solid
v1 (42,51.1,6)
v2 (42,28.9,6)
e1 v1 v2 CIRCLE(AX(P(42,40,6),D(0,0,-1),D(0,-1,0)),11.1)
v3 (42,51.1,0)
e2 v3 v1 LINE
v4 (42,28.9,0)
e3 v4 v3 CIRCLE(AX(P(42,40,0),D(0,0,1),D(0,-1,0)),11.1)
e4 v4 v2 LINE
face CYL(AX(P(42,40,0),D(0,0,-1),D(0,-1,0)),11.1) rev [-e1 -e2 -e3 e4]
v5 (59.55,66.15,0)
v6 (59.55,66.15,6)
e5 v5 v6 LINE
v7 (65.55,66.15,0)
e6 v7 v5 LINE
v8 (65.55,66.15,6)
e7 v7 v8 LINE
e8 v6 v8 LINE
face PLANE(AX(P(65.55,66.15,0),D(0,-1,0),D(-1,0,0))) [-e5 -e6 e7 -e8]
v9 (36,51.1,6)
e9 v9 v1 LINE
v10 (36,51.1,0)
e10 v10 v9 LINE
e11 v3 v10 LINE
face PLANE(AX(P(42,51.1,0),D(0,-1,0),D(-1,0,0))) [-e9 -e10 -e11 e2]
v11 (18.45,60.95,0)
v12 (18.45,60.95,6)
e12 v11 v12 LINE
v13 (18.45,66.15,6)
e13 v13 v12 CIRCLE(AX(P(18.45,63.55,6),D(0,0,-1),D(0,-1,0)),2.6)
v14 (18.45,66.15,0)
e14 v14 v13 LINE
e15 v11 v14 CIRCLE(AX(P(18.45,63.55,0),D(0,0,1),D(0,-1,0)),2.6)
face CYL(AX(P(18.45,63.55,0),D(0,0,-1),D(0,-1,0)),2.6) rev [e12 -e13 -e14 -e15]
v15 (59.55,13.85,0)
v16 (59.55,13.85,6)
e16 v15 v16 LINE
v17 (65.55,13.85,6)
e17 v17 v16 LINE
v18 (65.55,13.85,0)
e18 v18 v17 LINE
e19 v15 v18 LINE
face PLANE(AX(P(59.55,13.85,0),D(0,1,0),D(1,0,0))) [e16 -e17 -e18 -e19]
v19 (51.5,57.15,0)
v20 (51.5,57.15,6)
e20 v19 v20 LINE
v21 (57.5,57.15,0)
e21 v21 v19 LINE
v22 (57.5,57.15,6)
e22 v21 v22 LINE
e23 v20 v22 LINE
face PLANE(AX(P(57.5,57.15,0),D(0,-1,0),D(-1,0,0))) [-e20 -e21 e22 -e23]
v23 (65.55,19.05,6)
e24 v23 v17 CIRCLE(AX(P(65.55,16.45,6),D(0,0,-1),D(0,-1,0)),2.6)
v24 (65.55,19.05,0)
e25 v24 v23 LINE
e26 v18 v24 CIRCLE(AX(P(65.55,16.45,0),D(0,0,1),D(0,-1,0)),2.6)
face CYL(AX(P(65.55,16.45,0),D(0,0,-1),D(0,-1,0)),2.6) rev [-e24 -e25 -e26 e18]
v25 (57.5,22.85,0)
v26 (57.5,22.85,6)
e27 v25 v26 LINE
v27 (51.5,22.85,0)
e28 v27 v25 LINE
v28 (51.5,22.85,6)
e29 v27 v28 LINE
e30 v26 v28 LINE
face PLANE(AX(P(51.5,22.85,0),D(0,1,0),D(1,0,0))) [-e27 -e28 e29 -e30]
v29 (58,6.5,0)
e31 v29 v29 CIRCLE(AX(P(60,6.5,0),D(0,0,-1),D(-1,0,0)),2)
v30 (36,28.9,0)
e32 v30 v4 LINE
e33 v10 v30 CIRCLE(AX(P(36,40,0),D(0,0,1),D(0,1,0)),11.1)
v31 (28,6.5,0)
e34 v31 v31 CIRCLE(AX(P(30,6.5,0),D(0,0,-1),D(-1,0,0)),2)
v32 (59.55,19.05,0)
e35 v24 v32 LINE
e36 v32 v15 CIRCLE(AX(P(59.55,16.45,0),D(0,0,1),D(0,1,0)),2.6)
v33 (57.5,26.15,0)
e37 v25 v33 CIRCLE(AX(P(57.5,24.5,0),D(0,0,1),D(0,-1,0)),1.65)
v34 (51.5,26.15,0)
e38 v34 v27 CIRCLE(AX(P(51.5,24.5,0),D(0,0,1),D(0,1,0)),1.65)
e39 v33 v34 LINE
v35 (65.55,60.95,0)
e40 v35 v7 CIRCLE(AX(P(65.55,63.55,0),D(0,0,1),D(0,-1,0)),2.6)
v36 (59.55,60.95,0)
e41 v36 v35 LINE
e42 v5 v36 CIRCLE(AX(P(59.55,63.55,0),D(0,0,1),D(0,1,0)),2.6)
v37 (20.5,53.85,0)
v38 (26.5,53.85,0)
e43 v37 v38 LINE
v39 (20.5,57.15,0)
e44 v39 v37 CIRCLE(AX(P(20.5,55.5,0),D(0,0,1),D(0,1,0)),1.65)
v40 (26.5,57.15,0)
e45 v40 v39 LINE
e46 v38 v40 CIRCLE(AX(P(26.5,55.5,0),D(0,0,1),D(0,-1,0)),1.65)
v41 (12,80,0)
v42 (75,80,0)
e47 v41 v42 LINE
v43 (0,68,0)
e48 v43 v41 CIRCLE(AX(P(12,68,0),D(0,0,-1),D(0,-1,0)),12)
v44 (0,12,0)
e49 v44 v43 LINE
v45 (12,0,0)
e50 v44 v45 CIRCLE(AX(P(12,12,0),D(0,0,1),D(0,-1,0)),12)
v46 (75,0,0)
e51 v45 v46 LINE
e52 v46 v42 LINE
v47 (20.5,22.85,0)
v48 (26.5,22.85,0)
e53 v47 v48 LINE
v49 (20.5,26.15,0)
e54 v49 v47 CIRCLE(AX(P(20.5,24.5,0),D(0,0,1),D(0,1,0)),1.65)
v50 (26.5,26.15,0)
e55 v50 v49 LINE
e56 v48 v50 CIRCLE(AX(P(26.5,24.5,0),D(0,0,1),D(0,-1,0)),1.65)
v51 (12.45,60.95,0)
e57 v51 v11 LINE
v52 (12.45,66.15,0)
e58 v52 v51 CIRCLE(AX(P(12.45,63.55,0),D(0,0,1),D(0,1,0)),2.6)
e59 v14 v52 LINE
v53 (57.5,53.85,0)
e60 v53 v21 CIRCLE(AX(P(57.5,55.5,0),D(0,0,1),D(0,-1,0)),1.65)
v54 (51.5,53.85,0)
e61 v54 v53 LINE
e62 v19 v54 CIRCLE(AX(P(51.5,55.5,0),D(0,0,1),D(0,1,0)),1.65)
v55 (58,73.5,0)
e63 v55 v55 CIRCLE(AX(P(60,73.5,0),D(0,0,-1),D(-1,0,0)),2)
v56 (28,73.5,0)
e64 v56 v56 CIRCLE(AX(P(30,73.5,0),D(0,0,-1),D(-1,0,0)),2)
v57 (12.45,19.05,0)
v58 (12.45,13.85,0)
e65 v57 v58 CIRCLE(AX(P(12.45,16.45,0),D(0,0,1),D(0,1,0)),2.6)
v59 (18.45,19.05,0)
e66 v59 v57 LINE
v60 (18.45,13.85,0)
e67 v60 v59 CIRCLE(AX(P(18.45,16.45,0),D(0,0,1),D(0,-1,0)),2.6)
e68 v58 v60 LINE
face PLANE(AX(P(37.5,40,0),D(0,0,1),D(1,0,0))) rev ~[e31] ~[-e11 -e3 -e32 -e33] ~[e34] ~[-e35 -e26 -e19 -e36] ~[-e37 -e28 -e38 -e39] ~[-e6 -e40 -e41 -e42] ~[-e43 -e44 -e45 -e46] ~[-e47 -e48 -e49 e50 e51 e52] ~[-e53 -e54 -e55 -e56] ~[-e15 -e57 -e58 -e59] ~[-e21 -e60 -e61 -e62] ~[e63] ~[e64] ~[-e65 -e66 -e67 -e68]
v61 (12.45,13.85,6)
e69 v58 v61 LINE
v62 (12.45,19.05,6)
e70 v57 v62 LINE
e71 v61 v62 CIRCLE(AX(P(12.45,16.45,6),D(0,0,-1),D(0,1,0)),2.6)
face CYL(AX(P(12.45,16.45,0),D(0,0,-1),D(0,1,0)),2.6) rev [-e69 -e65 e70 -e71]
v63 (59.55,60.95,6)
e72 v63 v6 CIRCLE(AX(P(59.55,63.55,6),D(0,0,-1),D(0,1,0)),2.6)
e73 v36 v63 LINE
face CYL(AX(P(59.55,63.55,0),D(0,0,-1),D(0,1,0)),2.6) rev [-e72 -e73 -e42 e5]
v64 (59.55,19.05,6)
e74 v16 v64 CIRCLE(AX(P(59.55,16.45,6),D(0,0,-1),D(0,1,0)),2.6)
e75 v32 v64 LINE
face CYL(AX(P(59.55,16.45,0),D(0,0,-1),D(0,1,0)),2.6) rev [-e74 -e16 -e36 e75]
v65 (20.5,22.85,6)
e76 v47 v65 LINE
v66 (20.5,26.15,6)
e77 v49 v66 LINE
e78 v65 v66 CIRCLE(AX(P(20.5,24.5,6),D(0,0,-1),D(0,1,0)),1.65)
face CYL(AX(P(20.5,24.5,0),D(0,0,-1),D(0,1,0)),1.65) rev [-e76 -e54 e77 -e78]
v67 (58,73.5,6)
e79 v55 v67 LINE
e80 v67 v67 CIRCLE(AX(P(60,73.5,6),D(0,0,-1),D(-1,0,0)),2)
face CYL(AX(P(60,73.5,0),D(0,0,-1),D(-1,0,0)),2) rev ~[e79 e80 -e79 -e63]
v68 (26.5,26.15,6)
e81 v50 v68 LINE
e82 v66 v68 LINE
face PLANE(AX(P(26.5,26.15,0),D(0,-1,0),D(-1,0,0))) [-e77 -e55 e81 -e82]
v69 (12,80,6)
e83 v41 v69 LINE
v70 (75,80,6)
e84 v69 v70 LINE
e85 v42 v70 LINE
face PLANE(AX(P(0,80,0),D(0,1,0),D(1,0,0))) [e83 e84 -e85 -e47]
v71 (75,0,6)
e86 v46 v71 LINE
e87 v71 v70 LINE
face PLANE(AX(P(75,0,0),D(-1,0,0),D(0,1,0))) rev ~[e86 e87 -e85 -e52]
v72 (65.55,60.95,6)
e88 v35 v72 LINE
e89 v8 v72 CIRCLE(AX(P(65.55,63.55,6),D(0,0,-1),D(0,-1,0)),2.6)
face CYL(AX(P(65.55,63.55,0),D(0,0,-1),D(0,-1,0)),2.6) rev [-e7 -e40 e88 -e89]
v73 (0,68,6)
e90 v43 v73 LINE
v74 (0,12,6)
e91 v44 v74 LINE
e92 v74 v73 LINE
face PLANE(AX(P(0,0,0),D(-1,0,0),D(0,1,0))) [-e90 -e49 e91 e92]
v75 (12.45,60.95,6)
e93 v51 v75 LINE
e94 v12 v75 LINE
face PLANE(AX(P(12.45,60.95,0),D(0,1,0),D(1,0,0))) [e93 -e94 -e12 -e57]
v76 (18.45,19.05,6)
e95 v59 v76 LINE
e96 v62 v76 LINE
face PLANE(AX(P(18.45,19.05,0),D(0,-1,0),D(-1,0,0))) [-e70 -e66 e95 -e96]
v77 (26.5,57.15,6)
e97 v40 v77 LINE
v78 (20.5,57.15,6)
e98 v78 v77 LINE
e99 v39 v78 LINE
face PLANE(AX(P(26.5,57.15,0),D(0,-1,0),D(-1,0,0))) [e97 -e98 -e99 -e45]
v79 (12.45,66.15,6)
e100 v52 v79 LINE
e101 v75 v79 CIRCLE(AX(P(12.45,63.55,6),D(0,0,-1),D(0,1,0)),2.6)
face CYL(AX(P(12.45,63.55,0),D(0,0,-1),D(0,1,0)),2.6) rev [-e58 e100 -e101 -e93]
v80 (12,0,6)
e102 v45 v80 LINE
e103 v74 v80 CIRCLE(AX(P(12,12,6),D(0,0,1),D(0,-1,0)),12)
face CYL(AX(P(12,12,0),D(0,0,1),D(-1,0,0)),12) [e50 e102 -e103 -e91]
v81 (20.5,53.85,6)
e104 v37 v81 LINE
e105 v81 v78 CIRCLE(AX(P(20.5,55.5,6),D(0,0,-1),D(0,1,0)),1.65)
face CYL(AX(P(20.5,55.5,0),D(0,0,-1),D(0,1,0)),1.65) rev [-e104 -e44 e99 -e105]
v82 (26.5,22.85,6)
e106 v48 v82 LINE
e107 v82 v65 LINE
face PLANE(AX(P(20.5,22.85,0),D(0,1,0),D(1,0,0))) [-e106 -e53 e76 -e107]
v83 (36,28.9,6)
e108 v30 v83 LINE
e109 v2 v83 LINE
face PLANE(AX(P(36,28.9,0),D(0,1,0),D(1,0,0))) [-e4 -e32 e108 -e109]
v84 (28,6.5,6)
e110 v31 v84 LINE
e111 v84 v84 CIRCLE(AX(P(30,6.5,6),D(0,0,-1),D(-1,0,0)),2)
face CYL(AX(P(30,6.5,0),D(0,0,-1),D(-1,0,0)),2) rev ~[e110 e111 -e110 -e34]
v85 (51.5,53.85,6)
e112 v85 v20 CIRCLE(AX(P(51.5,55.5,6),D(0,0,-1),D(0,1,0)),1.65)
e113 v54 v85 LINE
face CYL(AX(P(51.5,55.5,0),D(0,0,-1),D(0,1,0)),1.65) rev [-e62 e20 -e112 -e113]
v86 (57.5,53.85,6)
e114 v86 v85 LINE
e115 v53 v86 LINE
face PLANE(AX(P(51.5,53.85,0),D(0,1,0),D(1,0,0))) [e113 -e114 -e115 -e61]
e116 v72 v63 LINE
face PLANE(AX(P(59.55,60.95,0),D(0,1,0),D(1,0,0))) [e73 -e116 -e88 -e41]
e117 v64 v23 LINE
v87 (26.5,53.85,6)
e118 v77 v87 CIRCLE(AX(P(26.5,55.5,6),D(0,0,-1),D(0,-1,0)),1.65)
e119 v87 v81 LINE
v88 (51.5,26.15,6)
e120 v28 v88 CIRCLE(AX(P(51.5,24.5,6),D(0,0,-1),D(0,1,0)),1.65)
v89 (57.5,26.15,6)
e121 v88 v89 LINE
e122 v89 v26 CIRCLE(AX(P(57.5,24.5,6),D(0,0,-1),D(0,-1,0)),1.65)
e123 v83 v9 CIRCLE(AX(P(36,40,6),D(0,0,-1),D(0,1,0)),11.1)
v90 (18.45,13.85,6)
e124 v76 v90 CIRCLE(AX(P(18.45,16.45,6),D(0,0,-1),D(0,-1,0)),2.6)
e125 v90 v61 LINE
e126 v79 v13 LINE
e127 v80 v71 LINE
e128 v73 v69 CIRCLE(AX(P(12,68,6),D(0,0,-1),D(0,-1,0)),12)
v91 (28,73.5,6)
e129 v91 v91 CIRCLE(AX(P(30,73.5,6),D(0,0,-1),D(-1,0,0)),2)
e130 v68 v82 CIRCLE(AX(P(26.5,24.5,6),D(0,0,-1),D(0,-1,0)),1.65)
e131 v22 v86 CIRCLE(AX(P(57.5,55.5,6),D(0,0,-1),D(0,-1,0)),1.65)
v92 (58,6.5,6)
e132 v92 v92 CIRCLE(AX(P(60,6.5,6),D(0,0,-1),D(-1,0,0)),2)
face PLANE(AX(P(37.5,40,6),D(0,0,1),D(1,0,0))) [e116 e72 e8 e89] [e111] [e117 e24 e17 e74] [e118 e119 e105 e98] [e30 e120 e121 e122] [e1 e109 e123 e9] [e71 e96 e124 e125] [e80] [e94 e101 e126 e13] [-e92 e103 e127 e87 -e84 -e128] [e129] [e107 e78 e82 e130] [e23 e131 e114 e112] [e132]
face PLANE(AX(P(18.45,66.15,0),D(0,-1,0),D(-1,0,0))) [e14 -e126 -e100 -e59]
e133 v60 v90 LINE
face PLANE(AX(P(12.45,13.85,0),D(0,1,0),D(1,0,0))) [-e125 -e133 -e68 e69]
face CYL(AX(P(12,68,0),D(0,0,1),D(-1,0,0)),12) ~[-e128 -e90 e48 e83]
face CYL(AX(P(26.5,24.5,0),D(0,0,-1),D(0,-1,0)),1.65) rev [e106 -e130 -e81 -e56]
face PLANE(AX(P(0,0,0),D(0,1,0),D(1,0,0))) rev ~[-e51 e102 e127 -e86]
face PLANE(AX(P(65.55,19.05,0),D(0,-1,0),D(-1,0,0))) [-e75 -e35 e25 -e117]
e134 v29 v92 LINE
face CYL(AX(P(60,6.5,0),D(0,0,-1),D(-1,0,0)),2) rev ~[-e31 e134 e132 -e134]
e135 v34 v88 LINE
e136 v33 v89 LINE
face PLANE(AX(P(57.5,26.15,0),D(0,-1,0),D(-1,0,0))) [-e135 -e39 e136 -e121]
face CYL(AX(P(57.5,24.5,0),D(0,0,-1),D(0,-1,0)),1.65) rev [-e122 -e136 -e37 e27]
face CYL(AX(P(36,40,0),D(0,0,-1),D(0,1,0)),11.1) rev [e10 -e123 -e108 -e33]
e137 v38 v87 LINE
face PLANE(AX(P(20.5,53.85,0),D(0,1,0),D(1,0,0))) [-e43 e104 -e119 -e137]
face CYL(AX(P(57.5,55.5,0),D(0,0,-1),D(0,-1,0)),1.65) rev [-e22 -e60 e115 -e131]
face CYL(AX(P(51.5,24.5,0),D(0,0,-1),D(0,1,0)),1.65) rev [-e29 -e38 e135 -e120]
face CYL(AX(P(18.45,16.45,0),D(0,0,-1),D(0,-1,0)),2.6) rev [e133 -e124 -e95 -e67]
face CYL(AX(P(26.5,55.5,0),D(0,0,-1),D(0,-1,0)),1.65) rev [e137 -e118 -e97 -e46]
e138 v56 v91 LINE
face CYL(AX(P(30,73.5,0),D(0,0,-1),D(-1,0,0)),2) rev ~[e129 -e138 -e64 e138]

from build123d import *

# Parameters (mm, degrees)
CROQUIS1_W              = 75
CROQUIS1_H              = 80
SALIENTE_EXTRUIR1_DEPTH = 6
CORTAR_EXTRUIR1_DEPTH   = 7
REDONDEO1_R             = 12
CROQUIS3_R              = 2
CORTAR_EXTRUIR2_DEPTH   = 7


with BuildPart() as part:
    # Croquis1 → Saliente-Extruir1 (new body)
    with BuildSketch(Plane.XY):
        with Locations((37.5, 40)):
            Rectangle(CROQUIS1_W, CROQUIS1_H)
    extrude(amount=SALIENTE_EXTRUIR1_DEPTH)

    # Croquis2 → Cortar-Extruir1 (cut, through all)
    with BuildSketch(Plane(origin=(0, 0, 0), x_dir=(-1, 0, 0), z_dir=(0, 0, -1))):
        with BuildLine():
            Line((-36, 28.9), (-42, 28.9))
            ThreePointArc((-42, 28.9), (-53.1, 40), (-42, 51.1))
            Line((-42, 51.1), (-36, 51.1))
            ThreePointArc((-36, 51.1), (-24.9, 40), (-36, 28.9))
        make_face()
        with BuildLine():
            Line((-20.5, 22.85), (-26.5, 22.85))
            ThreePointArc((-26.5, 22.85), (-28.15, 24.5), (-26.5, 26.15))
            Line((-26.5, 26.15), (-20.5, 26.15))
            ThreePointArc((-20.5, 26.15), (-18.85, 24.5), (-20.5, 22.85))
        make_face()
        with BuildLine():
            Line((-51.5, 53.85), (-57.5, 53.85))
            ThreePointArc((-57.5, 53.85), (-59.15, 55.5), (-57.5, 57.15))
            Line((-57.5, 57.15), (-51.5, 57.15))
            ThreePointArc((-51.5, 57.15), (-49.85, 55.5), (-51.5, 53.85))
        make_face()
        with BuildLine():
            Line((-51.5, 22.85), (-57.5, 22.85))
            ThreePointArc((-57.5, 22.85), (-59.15, 24.5), (-57.5, 26.15))
            Line((-57.5, 26.15), (-51.5, 26.15))
            ThreePointArc((-51.5, 26.15), (-49.85, 24.5), (-51.5, 22.85))
        make_face()
        with BuildLine():
            Line((-20.5, 53.85), (-26.5, 53.85))
            ThreePointArc((-26.5, 53.85), (-28.15, 55.5), (-26.5, 57.15))
            Line((-26.5, 57.15), (-20.5, 57.15))
            ThreePointArc((-20.5, 57.15), (-18.85, 55.5), (-20.5, 53.85))
        make_face()
        with BuildLine():
            Line((-12.45, 13.85), (-18.45, 13.85))
            ThreePointArc((-18.45, 13.85), (-21.05, 16.45), (-18.45, 19.05))
            Line((-18.45, 19.05), (-12.45, 19.05))
            ThreePointArc((-12.45, 19.05), (-9.85, 16.45), (-12.45, 13.85))
        make_face()
        with BuildLine():
            Line((-59.55, 13.85), (-65.55, 13.85))
            ThreePointArc((-65.55, 13.85), (-68.15, 16.45), (-65.55, 19.05))
            Line((-65.55, 19.05), (-59.55, 19.05))
            ThreePointArc((-59.55, 19.05), (-56.95, 16.45), (-59.55, 13.85))
        make_face()
        with BuildLine():
            Line((-12.45, 60.95), (-18.45, 60.95))
            ThreePointArc((-18.45, 60.95), (-21.05, 63.55), (-18.45, 66.15))
            Line((-18.45, 66.15), (-12.45, 66.15))
            ThreePointArc((-12.45, 66.15), (-9.85, 63.55), (-12.45, 60.95))
        make_face()
        with BuildLine():
            Line((-59.55, 60.95), (-65.55, 60.95))
            ThreePointArc((-65.55, 60.95), (-68.15, 63.55), (-65.55, 66.15))
            Line((-65.55, 66.15), (-59.55, 66.15))
            ThreePointArc((-59.55, 66.15), (-56.95, 63.55), (-59.55, 60.95))
        make_face()
    extrude(amount=-CORTAR_EXTRUIR1_DEPTH, mode=Mode.SUBTRACT)

    # Redondeo1
    redondeo1_edges = [part.edges().sort_by_distance(p)[0] for p in [
        (0, 80, 3),
        (0, 0, 3),
    ]]
    fillet(redondeo1_edges, radius=REDONDEO1_R)

    # Croquis3 → Cortar-Extruir2 (cut, through all)
    with BuildSketch(Plane(origin=(0, 0, 0), x_dir=(-1, 0, 0), z_dir=(0, 0, -1))):
        with Locations((-60, 6.5)):
            Circle(CROQUIS3_R)
        with Locations((-30, 6.5)):
            Circle(CROQUIS3_R)
        with Locations((-60, 73.5)):
            Circle(CROQUIS3_R)
        with Locations((-30, 73.5)):
            Circle(CROQUIS3_R)
    extrude(amount=-CORTAR_EXTRUIR2_DEPTH, mode=Mode.SUBTRACT)


solid = part.part
